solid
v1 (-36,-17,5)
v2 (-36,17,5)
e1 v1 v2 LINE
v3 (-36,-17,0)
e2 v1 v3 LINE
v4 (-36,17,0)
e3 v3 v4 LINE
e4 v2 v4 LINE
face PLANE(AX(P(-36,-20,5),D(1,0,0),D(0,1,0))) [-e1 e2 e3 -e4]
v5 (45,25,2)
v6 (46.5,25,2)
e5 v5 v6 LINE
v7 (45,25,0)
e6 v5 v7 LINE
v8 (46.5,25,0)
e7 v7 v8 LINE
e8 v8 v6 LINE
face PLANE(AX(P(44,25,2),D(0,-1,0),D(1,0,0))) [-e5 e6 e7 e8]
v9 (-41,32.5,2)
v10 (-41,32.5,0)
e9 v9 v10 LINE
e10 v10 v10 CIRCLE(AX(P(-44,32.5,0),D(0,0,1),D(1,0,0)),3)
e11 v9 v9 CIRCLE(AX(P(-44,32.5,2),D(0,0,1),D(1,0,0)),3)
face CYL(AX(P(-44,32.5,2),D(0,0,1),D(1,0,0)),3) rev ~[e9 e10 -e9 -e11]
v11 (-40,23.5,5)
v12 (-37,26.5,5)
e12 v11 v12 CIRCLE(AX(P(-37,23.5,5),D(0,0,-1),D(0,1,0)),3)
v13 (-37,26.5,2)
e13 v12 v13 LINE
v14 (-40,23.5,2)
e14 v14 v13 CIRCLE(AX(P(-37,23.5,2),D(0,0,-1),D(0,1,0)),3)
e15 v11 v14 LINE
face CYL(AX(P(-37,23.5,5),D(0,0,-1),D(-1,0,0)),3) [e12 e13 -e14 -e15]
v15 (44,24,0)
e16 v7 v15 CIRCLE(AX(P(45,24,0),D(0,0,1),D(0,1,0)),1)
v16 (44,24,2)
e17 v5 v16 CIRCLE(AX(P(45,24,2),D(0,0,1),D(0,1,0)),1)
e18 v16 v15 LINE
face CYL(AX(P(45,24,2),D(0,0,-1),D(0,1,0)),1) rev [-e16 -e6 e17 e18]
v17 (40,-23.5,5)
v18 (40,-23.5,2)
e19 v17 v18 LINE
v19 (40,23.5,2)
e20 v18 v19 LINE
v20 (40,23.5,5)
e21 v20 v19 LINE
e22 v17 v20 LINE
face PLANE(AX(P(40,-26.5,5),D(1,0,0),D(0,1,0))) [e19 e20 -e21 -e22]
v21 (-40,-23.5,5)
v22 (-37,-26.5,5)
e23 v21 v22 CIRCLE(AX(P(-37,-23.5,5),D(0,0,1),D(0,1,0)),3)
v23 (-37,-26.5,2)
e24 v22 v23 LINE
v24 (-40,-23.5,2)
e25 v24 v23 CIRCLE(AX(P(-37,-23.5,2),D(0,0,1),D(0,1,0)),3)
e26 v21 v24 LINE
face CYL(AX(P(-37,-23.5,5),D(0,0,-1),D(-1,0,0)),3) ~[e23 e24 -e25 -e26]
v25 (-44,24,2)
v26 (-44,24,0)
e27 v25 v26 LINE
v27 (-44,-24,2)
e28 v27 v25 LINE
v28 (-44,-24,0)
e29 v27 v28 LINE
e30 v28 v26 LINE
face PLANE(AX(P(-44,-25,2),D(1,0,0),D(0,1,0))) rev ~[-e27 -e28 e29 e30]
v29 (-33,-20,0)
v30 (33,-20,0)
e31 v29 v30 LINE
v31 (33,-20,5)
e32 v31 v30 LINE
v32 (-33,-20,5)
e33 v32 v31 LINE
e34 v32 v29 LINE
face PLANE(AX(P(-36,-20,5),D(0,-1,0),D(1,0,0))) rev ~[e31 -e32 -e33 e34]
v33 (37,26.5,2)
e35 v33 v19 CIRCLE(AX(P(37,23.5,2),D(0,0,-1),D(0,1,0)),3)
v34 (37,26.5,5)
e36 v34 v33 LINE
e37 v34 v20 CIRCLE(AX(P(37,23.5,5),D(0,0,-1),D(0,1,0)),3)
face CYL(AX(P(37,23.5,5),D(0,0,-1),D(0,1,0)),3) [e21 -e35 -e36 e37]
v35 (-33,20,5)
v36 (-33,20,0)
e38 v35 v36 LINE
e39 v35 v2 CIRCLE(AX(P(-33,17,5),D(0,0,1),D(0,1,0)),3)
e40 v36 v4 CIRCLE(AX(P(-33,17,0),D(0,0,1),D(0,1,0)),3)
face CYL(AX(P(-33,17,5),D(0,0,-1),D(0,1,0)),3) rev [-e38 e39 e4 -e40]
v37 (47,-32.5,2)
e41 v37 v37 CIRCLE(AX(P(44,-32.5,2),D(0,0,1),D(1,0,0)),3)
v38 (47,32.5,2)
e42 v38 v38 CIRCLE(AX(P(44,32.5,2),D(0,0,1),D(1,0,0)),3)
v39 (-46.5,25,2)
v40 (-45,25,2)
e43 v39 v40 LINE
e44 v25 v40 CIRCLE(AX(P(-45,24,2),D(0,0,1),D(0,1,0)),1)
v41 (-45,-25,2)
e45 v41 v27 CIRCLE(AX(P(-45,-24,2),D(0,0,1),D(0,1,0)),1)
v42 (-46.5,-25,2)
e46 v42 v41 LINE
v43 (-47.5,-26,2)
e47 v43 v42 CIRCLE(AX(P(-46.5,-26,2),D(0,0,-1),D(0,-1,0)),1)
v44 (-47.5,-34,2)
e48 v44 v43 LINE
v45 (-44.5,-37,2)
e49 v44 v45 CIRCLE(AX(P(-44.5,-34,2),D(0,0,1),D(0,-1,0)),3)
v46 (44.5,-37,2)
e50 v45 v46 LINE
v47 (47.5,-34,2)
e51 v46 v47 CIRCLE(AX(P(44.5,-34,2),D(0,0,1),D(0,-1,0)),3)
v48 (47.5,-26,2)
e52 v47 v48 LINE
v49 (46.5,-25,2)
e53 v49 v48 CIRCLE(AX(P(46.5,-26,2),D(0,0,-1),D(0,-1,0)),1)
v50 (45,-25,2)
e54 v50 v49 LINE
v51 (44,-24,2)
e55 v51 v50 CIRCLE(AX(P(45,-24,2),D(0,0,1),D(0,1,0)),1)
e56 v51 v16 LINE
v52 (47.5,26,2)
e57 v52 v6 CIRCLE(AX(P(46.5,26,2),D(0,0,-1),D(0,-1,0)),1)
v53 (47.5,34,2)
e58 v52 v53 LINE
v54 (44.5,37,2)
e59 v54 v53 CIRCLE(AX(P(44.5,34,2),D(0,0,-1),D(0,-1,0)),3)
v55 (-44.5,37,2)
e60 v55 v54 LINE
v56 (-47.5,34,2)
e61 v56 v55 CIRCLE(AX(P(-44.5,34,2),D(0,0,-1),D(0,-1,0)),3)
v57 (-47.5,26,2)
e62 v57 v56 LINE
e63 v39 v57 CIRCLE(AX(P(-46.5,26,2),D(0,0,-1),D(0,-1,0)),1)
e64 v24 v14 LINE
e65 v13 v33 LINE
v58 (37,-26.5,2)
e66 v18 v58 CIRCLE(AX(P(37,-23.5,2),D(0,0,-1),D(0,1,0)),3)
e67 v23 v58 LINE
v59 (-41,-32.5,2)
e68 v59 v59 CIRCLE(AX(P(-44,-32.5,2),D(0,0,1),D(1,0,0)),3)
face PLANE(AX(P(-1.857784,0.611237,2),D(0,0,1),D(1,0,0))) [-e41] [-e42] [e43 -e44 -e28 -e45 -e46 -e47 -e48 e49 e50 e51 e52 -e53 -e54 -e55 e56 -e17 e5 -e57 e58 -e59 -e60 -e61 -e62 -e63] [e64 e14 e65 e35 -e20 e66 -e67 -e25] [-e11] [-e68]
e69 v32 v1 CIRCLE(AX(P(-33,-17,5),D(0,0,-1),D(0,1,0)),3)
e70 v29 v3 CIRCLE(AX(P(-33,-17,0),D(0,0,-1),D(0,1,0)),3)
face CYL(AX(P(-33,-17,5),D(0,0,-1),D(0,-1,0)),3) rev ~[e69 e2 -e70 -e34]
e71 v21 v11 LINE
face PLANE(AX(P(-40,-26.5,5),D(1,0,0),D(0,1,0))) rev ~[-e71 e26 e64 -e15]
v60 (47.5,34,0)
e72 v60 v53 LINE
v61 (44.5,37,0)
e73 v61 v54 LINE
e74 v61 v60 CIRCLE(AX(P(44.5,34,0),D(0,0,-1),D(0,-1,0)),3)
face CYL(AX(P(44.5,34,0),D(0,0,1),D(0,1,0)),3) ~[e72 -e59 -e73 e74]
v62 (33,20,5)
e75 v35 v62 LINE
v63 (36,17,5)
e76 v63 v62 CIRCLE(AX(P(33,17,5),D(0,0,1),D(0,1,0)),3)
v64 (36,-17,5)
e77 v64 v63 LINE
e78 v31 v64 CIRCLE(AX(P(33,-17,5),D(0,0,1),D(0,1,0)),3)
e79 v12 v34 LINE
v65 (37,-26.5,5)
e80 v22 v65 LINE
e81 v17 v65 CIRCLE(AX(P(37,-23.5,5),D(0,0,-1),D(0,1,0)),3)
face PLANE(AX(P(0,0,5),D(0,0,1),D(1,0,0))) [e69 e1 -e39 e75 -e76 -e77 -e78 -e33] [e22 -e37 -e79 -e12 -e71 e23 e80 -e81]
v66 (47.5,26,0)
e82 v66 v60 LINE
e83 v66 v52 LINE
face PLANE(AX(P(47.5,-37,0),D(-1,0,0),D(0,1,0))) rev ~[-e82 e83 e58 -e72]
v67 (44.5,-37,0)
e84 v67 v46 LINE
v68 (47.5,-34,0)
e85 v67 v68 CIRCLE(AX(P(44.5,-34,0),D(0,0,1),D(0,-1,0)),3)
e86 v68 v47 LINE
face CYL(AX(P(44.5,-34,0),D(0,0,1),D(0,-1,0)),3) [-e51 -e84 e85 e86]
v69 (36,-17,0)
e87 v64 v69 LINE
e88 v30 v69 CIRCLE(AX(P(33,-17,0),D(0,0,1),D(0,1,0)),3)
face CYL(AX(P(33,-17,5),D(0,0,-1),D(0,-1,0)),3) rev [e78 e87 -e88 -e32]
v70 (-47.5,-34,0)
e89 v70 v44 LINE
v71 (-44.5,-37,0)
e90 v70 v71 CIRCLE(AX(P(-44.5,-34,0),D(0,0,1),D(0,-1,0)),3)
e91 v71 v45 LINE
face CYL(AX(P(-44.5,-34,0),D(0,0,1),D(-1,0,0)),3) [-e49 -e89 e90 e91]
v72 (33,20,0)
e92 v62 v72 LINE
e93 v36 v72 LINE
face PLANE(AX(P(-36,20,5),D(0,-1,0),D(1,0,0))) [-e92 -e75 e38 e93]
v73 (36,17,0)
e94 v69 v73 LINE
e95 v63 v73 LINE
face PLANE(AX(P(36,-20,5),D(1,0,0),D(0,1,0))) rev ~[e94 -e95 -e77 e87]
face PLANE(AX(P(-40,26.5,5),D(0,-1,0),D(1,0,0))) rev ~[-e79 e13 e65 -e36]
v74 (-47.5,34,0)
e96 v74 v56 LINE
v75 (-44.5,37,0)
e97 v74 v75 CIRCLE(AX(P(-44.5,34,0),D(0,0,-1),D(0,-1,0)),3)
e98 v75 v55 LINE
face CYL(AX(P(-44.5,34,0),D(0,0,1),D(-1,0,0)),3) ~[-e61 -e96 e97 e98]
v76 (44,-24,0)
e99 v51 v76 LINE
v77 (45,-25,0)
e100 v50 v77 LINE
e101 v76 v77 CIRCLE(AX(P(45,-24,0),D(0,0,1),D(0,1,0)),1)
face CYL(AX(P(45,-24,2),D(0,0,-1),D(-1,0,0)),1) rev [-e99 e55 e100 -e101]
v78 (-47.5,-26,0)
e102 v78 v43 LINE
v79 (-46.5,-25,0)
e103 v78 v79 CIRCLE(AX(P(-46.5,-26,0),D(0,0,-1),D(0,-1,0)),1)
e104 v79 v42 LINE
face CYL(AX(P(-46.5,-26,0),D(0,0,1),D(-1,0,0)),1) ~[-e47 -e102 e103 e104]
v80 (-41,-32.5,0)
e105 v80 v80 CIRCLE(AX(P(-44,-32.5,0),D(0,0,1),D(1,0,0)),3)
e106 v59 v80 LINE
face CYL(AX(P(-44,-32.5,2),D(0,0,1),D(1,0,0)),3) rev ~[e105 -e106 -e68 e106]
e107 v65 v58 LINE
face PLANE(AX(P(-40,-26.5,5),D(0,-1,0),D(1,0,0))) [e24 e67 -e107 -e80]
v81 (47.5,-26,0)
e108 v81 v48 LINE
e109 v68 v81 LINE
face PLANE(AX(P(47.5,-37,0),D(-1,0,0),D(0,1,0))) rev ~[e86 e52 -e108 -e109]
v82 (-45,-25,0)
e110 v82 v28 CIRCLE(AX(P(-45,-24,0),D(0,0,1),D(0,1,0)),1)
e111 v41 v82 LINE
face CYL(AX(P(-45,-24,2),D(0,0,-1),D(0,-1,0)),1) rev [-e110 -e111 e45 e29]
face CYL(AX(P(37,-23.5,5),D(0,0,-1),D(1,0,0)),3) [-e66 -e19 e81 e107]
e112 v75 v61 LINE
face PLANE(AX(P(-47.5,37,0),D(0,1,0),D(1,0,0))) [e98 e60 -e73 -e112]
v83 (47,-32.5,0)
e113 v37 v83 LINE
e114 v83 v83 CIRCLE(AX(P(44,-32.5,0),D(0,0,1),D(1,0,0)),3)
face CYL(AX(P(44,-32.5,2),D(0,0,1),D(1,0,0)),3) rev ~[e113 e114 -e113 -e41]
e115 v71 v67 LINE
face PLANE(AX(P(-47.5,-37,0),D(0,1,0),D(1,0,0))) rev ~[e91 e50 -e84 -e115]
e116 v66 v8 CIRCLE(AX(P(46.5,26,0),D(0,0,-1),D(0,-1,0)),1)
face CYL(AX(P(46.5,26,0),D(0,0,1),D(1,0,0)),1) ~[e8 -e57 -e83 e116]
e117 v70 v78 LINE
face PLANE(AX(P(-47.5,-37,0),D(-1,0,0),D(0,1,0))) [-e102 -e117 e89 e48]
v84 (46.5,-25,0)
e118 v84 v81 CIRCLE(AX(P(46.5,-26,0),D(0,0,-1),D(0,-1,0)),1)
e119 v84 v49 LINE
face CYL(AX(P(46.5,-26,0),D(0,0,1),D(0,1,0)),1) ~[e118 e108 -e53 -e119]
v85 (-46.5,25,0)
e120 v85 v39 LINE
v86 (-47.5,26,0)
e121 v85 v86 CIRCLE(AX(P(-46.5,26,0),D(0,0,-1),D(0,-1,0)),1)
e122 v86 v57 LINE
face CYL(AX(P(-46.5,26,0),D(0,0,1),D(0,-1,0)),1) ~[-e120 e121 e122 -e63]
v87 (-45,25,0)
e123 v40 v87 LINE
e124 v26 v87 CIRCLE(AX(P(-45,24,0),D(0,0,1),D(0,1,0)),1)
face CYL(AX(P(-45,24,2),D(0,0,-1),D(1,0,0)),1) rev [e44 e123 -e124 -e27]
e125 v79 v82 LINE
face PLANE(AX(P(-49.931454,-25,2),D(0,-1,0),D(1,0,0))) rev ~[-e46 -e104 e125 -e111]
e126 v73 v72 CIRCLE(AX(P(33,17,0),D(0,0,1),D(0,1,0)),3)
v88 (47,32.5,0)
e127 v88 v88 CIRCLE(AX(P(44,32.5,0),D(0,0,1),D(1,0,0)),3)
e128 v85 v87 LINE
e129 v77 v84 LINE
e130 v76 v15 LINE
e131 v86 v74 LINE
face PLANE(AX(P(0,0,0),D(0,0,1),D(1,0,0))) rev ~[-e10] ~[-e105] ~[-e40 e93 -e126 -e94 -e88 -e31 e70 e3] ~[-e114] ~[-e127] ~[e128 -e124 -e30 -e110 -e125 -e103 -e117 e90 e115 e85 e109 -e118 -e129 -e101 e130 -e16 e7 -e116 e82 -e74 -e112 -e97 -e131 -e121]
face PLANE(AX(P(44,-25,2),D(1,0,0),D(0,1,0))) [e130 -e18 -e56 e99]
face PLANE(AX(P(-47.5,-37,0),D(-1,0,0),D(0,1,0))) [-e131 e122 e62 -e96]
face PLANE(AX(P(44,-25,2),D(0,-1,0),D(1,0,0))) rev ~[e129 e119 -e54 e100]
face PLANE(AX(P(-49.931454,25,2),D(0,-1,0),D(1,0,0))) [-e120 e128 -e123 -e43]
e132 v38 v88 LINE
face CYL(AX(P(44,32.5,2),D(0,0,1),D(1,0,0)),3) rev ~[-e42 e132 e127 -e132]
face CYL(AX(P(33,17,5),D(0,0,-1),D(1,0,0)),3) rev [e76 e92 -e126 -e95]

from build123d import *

# Parameters (mm, degrees)
SKETCH_W        = 95
SKETCH_H        = 74
PAD_DEPTH       = 5
SKETCH002_W     = 72
SKETCH002_H     = 40
POCKET_DEPTH    = 5.001
SKETCH004_W     = 117.661896
SKETCH004_H     = 92.433091
SKETCH004_W_2   = 80
SKETCH004_H_2   = 53
POCKET001_DEPTH = 3
FILLET_R        = 3
FILLET001_R     = 3
SKETCH005_R     = 3
POCKET002_DEPTH = 5
SKETCH006_W     = 5.477936
SKETCH006_H     = 50
SKETCH006_W_2   = 5.931454
POCKET003_DEPTH = 5
FILLET002_R     = 1


with BuildPart() as part:
    # Sketch → Pad (new body)
    with BuildSketch(Plane.XY):
        Rectangle(SKETCH_W, SKETCH_H)
    extrude(amount=PAD_DEPTH)

    # Sketch002 → Pocket (cut, through all)
    with BuildSketch(Plane.XY.offset(5)):
        Rectangle(SKETCH002_W, SKETCH002_H)
    extrude(amount=-POCKET_DEPTH, mode=Mode.SUBTRACT)

    # Sketch004 → Pocket001 (cut)
    with BuildSketch(Plane.XY.offset(5)):
        with Locations((-1.857784, 0.611237)):
            Rectangle(SKETCH004_W, SKETCH004_H)
        Rectangle(SKETCH004_W_2, SKETCH004_H_2, mode=Mode.SUBTRACT)
    extrude(amount=-POCKET001_DEPTH, mode=Mode.SUBTRACT)

    # Fillet
    fillet_edges = [part.edges().sort_by_distance(p)[0] for p in [
        (-36, 20, 2.5),
        (36, 20, 2.5),
        (36, -20, 2.5),
        (-36, -20, 2.5),
    ]]
    fillet(fillet_edges, radius=FILLET_R)

    # Fillet001
    fillet001_edges = [part.edges().sort_by_distance(p)[0] for p in [
        (40, 26.5, 3.5),
        (47.5, 37, 1),
        (47.5, -37, 1),
        (40, -26.5, 3.5),
        (-47.5, -37, 1),
        (-40, -26.5, 3.5),
        (-40, 26.5, 3.5),
        (-47.5, 37, 1),
    ]]
    fillet(fillet001_edges, radius=FILLET001_R)

    # Sketch005 → Pocket002 (cut)
    with BuildSketch(Plane.XY.offset(2)):
        with Locations((-44, 32.5)):
            Circle(SKETCH005_R)
        with Locations((44, 32.5)):
            Circle(SKETCH005_R)
        with Locations((44, -32.5)):
            Circle(SKETCH005_R)
        with Locations((-44, -32.5)):
            Circle(SKETCH005_R)
    extrude(amount=-POCKET002_DEPTH, mode=Mode.SUBTRACT)

    # Sketch006 → Pocket003 (cut)
    with BuildSketch(Plane.XY.offset(2)):
        with Locations((46.738968, 0)):
            Rectangle(SKETCH006_W, SKETCH006_H)
        with Locations((-46.965727, 0)):
            Rectangle(SKETCH006_W_2, SKETCH006_H)
    extrude(amount=-POCKET003_DEPTH, mode=Mode.SUBTRACT)

    # Fillet002
    fillet002_edges = [part.edges().sort_by_distance(p)[0] for p in [
        (-47.5, 25, 1),
        (-44, 25, 1),
        (-44, -25, 1),
        (-47.5, -25, 1),
        (47.5, -25, 1),
        (44, -25, 1),
        (44, 25, 1),
        (47.5, 25, 1),
    ]]
    fillet(fillet002_edges, radius=FILLET002_R)


solid = part.part
